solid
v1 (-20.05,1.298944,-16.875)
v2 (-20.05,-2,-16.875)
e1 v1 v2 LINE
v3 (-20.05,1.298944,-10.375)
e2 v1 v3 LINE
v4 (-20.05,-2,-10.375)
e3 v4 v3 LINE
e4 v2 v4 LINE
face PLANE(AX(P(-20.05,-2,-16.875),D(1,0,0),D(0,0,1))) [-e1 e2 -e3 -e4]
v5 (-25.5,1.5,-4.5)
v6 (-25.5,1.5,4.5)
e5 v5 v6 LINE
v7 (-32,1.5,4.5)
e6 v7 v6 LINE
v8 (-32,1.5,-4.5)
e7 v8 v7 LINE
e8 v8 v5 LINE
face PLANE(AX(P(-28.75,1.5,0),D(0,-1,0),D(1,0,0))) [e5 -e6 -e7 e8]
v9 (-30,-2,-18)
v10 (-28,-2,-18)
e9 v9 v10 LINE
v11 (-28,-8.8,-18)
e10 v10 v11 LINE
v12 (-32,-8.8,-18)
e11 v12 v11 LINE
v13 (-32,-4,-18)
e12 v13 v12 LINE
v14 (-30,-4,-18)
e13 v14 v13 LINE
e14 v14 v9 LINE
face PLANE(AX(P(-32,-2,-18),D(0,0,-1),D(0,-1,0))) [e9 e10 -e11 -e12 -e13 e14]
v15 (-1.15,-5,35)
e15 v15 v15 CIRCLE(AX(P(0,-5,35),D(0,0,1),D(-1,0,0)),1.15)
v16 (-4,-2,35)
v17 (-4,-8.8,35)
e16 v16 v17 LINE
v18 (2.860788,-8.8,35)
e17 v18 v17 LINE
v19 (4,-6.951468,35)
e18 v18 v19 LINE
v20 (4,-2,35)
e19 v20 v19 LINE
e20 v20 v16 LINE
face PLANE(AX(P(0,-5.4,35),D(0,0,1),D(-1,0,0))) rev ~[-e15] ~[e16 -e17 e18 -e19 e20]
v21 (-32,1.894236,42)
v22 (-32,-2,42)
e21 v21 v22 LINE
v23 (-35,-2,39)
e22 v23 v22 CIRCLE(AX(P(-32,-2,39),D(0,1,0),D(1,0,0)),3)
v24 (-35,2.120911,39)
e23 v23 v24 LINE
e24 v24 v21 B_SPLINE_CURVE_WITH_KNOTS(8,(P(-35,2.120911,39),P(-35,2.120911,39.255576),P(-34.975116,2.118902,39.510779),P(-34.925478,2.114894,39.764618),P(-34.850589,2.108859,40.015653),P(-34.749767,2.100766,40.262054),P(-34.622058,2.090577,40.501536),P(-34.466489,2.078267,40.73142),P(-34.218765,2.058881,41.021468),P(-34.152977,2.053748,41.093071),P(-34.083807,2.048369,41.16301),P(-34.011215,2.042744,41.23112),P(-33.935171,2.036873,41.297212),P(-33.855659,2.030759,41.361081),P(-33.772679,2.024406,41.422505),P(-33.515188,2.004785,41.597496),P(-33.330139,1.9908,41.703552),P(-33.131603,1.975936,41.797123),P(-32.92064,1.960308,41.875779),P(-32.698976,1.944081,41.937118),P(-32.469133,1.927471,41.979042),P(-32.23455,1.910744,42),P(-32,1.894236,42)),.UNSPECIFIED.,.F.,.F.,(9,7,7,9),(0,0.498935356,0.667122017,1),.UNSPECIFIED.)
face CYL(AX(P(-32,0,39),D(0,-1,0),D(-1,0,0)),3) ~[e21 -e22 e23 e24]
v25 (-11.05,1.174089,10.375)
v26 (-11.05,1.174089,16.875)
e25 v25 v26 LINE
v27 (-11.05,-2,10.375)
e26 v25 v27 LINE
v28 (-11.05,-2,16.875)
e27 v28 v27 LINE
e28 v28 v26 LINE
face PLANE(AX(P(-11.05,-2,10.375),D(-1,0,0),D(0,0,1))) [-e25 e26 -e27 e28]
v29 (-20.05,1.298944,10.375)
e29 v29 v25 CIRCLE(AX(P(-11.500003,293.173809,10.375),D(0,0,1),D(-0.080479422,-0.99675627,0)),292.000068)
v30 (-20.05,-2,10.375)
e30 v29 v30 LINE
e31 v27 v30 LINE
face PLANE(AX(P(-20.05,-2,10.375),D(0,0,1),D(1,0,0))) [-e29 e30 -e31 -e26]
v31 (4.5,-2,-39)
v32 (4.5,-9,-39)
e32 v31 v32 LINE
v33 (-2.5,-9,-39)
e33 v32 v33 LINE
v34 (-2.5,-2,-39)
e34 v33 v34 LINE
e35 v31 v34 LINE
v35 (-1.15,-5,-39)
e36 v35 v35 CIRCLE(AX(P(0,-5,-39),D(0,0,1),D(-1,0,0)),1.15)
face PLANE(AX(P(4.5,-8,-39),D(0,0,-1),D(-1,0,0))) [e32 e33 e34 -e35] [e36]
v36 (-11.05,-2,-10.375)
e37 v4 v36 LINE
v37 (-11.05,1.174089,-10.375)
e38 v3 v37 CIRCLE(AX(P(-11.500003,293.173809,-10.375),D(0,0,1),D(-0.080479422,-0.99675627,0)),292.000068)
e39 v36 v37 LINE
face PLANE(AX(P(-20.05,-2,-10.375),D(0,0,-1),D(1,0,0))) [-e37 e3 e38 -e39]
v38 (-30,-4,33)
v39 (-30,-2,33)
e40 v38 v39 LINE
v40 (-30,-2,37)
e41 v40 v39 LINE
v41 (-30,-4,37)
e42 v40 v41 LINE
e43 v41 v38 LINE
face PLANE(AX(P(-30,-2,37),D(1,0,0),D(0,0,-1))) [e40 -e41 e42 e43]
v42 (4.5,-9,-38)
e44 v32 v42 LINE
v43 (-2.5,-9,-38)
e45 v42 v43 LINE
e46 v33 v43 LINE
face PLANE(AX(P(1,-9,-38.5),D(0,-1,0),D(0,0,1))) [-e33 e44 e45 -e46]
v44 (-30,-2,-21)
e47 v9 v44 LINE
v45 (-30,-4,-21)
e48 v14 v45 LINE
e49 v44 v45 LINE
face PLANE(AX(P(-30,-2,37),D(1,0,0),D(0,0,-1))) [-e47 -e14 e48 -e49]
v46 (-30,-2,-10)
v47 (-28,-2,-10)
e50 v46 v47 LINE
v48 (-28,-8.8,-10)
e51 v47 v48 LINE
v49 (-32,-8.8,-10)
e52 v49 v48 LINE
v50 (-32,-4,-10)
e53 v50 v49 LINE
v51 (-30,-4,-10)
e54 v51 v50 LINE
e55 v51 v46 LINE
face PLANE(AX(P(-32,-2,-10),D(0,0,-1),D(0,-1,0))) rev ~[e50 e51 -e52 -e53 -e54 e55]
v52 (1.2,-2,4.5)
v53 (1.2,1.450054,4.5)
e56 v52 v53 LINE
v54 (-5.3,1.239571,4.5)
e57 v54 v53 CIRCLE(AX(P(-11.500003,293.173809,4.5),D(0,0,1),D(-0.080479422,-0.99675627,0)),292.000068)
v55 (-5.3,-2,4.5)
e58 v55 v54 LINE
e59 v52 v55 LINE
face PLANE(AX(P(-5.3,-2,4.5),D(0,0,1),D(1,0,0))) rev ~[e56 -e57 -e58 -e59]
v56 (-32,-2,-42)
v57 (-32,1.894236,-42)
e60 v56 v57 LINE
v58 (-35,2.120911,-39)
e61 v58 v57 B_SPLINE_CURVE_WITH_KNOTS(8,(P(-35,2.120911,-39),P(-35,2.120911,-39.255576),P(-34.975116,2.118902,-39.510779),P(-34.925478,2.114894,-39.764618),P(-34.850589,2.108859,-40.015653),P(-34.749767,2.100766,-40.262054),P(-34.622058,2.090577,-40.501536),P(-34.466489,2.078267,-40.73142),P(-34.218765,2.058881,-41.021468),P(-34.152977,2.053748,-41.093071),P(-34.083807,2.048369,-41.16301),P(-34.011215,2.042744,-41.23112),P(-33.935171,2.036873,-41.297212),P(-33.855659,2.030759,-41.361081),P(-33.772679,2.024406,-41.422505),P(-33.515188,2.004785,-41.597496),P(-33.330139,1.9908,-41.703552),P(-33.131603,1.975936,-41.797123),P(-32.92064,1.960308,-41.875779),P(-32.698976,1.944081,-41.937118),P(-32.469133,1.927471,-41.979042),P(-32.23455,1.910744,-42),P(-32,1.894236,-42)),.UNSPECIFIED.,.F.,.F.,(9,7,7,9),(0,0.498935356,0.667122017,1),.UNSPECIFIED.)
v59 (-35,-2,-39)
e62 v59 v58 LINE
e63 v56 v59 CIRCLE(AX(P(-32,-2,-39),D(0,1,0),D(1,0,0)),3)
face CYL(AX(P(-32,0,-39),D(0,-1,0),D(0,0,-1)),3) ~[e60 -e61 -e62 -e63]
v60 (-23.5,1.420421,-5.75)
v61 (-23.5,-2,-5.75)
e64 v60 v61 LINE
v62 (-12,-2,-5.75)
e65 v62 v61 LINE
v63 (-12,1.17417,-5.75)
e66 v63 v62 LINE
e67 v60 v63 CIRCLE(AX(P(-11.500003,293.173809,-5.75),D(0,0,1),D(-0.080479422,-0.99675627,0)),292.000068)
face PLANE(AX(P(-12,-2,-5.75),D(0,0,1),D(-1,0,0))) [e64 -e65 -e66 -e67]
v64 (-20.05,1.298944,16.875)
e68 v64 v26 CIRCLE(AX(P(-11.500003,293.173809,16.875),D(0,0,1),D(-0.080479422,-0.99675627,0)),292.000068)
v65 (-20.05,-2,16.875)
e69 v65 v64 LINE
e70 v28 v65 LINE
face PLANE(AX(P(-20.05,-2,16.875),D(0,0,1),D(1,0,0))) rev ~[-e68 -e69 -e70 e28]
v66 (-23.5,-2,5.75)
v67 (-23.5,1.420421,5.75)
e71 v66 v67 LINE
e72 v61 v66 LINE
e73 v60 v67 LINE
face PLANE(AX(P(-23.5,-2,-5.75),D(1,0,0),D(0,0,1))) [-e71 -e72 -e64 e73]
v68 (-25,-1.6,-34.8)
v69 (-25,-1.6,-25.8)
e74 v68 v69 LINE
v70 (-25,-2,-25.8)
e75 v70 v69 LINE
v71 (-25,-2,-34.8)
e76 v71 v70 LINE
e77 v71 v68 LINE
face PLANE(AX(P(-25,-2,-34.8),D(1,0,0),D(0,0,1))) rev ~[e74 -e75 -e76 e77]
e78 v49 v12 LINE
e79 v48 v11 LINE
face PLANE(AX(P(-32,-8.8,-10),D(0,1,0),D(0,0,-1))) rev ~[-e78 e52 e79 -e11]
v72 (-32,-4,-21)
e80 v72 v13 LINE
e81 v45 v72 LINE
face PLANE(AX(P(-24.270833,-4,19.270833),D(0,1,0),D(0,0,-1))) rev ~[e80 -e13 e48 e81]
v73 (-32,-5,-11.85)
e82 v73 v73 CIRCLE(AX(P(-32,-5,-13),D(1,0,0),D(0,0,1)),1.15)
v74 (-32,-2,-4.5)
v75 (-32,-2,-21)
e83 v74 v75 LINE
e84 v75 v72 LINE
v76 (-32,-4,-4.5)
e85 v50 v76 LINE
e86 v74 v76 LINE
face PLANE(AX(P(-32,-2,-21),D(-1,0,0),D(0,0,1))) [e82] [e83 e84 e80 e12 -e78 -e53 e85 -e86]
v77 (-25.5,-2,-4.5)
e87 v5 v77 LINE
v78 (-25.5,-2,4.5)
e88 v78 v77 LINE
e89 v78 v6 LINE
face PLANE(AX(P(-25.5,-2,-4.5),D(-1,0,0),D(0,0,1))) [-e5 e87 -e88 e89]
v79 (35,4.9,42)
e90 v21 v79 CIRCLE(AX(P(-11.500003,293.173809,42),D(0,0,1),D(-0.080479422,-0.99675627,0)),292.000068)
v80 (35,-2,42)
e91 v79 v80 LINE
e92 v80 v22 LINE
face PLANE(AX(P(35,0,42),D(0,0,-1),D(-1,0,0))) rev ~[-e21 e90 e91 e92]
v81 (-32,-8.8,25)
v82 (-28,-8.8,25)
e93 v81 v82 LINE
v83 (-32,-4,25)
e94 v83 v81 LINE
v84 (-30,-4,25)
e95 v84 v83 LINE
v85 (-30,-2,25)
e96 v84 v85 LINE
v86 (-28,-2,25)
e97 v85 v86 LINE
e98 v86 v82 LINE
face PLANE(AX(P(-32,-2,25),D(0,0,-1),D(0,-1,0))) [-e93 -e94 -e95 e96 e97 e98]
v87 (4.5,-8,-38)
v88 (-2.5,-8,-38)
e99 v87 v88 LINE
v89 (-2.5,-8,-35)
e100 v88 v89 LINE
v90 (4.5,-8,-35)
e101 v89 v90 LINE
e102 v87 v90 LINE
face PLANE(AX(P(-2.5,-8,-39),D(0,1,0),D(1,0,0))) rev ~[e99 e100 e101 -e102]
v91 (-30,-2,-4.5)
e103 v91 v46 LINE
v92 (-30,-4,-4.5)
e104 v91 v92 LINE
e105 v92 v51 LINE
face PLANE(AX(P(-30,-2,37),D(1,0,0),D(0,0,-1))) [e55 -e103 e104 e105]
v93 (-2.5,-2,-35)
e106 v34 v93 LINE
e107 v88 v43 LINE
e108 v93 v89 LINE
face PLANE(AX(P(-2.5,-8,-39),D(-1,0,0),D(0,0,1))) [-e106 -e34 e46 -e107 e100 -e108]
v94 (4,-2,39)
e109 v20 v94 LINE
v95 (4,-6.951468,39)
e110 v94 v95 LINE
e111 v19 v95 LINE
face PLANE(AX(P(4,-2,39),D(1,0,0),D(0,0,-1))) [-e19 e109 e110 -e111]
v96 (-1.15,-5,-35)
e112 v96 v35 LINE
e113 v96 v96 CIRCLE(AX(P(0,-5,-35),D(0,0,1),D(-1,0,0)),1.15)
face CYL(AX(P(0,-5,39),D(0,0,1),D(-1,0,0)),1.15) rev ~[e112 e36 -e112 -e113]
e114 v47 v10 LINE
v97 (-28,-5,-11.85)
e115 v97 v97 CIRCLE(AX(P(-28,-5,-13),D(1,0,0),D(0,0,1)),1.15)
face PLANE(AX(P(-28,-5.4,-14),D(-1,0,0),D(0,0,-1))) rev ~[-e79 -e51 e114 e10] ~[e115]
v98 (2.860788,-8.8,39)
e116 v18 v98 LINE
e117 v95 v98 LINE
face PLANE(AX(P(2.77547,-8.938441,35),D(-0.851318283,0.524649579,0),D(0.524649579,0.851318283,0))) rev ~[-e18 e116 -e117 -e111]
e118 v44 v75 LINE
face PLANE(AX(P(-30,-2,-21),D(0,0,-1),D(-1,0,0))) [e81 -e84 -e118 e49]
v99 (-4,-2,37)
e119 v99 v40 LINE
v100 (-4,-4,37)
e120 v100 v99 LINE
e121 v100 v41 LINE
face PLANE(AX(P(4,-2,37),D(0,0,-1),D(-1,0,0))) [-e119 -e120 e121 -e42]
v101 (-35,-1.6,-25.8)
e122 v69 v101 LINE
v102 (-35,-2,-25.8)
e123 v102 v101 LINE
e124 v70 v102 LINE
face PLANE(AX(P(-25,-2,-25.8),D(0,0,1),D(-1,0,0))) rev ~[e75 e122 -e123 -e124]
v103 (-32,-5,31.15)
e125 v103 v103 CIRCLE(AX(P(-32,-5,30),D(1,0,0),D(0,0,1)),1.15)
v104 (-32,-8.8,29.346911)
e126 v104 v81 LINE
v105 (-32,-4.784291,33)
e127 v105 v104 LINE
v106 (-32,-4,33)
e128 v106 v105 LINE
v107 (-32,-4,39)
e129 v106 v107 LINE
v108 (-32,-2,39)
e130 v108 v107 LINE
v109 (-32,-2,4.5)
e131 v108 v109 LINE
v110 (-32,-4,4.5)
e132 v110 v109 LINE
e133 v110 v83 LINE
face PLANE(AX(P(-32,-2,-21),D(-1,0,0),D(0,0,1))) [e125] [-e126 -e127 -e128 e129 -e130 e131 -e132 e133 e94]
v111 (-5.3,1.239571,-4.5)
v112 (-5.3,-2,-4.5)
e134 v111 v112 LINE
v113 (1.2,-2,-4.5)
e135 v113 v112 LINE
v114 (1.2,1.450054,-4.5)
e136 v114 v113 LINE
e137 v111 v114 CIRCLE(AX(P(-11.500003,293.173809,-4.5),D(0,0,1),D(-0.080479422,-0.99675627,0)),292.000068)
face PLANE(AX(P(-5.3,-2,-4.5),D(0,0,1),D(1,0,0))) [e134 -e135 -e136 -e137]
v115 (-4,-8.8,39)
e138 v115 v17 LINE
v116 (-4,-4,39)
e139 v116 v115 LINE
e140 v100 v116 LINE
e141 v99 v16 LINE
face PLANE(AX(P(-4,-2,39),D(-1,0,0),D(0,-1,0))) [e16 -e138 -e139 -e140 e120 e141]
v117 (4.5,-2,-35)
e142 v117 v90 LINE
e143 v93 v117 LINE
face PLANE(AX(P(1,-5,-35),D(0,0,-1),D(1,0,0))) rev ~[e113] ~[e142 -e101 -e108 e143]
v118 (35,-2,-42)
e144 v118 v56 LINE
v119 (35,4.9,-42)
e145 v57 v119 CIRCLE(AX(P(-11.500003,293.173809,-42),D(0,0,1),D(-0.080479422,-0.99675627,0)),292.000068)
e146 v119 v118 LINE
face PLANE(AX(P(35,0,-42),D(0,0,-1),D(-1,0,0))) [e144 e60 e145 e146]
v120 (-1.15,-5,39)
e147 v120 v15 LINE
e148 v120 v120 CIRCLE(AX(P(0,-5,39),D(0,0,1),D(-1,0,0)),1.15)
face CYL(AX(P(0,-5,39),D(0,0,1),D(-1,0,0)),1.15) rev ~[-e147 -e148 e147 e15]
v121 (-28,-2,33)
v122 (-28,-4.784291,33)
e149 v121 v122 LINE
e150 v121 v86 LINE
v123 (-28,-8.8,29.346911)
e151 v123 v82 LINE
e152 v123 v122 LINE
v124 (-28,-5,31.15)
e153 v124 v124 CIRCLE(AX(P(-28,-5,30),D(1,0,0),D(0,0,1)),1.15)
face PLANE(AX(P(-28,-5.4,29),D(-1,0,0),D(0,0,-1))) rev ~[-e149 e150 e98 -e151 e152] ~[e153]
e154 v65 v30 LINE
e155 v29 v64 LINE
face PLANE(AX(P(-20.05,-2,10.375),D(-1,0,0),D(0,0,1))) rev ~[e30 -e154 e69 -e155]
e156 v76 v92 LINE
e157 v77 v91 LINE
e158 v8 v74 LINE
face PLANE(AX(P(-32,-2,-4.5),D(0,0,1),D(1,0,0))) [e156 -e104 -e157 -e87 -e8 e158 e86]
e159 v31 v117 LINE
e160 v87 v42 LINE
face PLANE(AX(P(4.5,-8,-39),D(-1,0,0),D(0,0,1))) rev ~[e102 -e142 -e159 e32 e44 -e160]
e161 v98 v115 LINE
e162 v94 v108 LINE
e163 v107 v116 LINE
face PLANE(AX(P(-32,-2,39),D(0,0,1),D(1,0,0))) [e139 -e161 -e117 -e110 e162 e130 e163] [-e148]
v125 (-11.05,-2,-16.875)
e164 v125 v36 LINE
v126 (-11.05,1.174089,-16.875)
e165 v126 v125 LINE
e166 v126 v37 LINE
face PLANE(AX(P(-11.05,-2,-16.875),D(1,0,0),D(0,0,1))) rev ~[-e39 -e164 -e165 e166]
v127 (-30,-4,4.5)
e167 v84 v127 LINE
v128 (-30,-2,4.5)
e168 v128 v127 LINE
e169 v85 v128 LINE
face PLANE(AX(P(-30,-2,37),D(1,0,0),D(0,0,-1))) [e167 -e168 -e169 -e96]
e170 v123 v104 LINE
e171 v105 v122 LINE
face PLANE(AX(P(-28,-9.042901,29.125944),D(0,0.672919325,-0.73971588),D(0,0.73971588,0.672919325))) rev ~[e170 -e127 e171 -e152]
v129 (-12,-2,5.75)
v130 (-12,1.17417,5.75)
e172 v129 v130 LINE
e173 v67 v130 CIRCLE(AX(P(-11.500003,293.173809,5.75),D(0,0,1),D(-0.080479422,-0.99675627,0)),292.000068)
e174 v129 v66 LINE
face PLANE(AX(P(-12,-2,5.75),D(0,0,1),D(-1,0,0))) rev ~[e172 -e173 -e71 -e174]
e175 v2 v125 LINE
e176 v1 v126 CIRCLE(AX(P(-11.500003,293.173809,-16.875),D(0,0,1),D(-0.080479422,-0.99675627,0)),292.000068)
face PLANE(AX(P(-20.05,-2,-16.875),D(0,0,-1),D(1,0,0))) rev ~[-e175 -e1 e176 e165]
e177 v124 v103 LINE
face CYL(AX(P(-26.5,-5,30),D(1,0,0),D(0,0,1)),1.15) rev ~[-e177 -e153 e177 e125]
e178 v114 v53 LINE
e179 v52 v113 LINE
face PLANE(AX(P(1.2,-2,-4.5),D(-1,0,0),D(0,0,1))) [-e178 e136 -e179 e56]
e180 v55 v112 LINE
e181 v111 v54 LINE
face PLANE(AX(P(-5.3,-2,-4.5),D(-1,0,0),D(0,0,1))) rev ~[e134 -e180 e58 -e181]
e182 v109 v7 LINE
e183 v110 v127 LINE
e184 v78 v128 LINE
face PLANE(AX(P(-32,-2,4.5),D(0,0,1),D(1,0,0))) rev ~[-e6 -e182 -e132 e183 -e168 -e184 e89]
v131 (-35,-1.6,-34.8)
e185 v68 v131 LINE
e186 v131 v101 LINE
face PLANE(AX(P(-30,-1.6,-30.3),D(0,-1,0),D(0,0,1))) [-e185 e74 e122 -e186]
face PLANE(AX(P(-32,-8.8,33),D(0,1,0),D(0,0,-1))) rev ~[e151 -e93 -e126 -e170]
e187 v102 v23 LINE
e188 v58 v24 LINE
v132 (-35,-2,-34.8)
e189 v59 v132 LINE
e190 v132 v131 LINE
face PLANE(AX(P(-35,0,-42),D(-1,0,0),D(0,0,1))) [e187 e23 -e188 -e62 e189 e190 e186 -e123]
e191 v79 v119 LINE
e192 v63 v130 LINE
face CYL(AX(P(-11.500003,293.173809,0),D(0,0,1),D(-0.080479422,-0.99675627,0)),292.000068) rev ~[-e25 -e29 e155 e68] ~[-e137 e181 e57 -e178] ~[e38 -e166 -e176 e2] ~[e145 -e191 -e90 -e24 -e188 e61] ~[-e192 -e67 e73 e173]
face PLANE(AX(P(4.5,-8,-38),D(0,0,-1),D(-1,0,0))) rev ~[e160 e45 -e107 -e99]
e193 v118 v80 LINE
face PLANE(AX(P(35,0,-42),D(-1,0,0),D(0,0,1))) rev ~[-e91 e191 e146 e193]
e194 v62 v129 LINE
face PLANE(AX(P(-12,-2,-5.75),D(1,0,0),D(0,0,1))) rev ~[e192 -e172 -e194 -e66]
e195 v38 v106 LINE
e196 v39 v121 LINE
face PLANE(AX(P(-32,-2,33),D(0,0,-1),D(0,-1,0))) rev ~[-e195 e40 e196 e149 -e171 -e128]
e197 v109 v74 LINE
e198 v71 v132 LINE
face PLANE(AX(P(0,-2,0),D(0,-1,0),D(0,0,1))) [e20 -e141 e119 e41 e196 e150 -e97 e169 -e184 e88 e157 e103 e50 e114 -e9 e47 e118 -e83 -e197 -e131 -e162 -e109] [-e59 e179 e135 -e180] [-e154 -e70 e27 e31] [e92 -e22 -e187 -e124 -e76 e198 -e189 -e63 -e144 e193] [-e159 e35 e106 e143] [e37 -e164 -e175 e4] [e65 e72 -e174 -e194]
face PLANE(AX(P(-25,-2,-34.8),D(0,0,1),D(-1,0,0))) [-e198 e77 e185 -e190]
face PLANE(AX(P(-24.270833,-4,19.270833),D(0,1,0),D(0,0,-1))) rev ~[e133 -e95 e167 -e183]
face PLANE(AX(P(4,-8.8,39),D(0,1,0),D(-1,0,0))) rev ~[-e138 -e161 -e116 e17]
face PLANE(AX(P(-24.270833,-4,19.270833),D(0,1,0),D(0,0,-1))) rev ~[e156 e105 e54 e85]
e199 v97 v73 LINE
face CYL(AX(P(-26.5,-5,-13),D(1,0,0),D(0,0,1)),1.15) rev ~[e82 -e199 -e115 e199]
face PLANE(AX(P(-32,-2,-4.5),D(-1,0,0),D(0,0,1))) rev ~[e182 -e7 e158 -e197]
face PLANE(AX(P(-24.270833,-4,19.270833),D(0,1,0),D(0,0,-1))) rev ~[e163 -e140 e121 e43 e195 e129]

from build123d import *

# Parameters (mm, degrees)
SKETCH009_W             = 84
SKETCH009_H             = 70
PAD002_DEPTH            = 2
SKETCH010_W             = 2
SKETCH010_H             = 7
PAD003_DEPTH            = 2
SKETCH012_W             = 8
SKETCH012_H             = 6.8
PAD004_DEPTH            = 4
SKETCH013_W             = 7
SKETCH013_H             = 6
PAD005_DEPTH            = 4
SKETCH011_W             = 8
SKETCH011_H             = 6.8
PAD006_DEPTH            = 4
SKETCH014_R             = 1.15
POCKET002_DEPTH         = 81.001
SKETCH016_R             = 1.15
POCKET003_DEPTH         = 8.501
SKETCH018_W             = 11.5
SKETCH018_H             = 11.5
POCKET004_DEPTH         = 5
POCKET005_DEPTH         = 5
POCKET006_DEPTH         = 5
SKETCH021_W             = 1
SKETCH021_H             = 7
PAD007_DEPTH            = 1
SKETCH022_W             = 9
SKETCH022_H             = 10
POCKET007_DEPTH         = 0.4
FILLET_R                = 3
BODY002_PITCH_ANGLE     = -90
BODY002_PLACEMENT_ANGLE = 90
PAD001_DEPTH            = 42
SKETCH007_W             = 11.5
SKETCH007_H             = 11.5
POCKET001_DEPTH         = 13
FILLET001_R             = 3
SKETCH025_W             = 6.5
SKETCH025_H             = 9
SKETCH025_W_2           = 9
SKETCH025_H_2           = 6.5
POCKET008_DEPTH         = 3.5


with BuildPart() as back:
    # Sketch009 → Pad002 (new body)
    with BuildSketch(Plane.XY):
        Rectangle(SKETCH009_W, SKETCH009_H)
    extrude(amount=PAD002_DEPTH)

    # Sketch010 (on Face6 of Pad002) → Pad003 (join)
    with BuildSketch(Plane.XY.offset(2)):
        with Locations((-38, -1)):
            Rectangle(SKETCH010_W, SKETCH010_H)
        Polygon((-21, 32), (39, 32), (39, -4), (37, -4), (37, 30), (-21, 30), align=None)
    extrude(amount=PAD003_DEPTH)

    # Sketch012 (on Face15 of Pad003) → Pad004 (join)
    with BuildSketch(Plane.YZ.offset(39)):
        with Locations((0, 5.4)):
            Rectangle(SKETCH012_W, SKETCH012_H)
    extrude(amount=-PAD004_DEPTH)

    # Sketch013 (on Face9 of Pad004) → Pad005 (join)
    with BuildSketch(Plane(origin=(-39, 0, 0), x_dir=(0, -1, 0), z_dir=(-1, 0, 0))):
        with Locations((1, 5)):
            Rectangle(SKETCH013_W, SKETCH013_H)
    extrude(amount=-PAD005_DEPTH)

    # Sketch011 (on Face16 of Pad003) → Pad006 (join)
    with BuildSketch(Plane(origin=(0, 32, 0), x_dir=(-1, 0, 0), z_dir=(0, 1, 0))):
        with Locations((-29, 5.4)):
            Rectangle(SKETCH011_W, SKETCH011_H)
        with Locations((14, 5.4)):
            Rectangle(SKETCH011_W, SKETCH011_H)
    extrude(amount=-PAD006_DEPTH)

    # Sketch014 (on Face44 of Pad006) → Pocket002 (cut, through all)
    with BuildSketch(Plane.YZ.offset(39)):
        with Locations((0, 5)):
            Circle(SKETCH014_R)
    extrude(amount=-POCKET002_DEPTH, mode=Mode.SUBTRACT)

    # Sketch016 → Pocket003 (cut, through all)
    with BuildSketch(Plane.XZ.offset(-26.5)):
        with Locations((-13, 5)):
            Circle(SKETCH016_R)
        with Locations((30, 5)):
            Circle(SKETCH016_R)
    extrude(amount=-POCKET003_DEPTH, mode=Mode.SUBTRACT)

    # Sketch018 (on Face5 of Pocket003) → Pocket004 (cut)
    with BuildSketch(Plane.XY.offset(2)):
        with Locations((0, 17.75)):
            Rectangle(SKETCH018_W, SKETCH018_H)
    extrude(amount=-POCKET004_DEPTH, mode=Mode.SUBTRACT)

    # Sketch019 (on Face31 of Pocket004) → Pocket005 (cut)
    with BuildSketch(Plane.XZ.offset(-28)):
        Polygon((29.125944, 9.042901), (33.258869, 4.499726), (33.258869, 9.042901), align=None)
    extrude(amount=-POCKET005_DEPTH, mode=Mode.SUBTRACT)

    # Sketch020 (on Face36 of Pocket005) → Pocket006 (cut)
    with BuildSketch(Plane(origin=(35, 0, 0), x_dir=(0, -1, 0), z_dir=(-1, 0, 0))):
        Polygon((2.77547, 8.938441), (6.386171, 3.079567), (6.386171, 8.938441), align=None)
    extrude(amount=-POCKET006_DEPTH, mode=Mode.SUBTRACT)

    # Sketch021 (on Face40 of Pocket006) → Pad007 (join)
    with BuildSketch(Plane.XY.offset(8)):
        with Locations((-38.5, -1)):
            Rectangle(SKETCH021_W, SKETCH021_H)
    extrude(amount=PAD007_DEPTH)

    # Sketch022 (on Face5 of Pocket005) → Pocket007 (cut)
    with BuildSketch(Plane.XY.offset(2)):
        with Locations((-30.3, 30)):
            Rectangle(SKETCH022_W, SKETCH022_H)
    extrude(amount=-POCKET007_DEPTH, mode=Mode.SUBTRACT)

    # Fillet
    fillet_edges = [back.edges().sort_by_distance(p)[0] for p in [
        (42, 35, 1),
        (-42, 35, 1),
    ]]
    fillet(fillet_edges, radius=FILLET_R)


with BuildPart() as back_1:
    # Body002 pitch: moved
    add(back.part.rotate(Axis((0, 0, 0), (0, 1, 0)), BODY002_PITCH_ANGLE))


with BuildPart() as back_2:
    # Body002 placement: moved
    add(back_1.part.rotate(Axis((0, 0, 0), (0, 0, 1)), BODY002_PLACEMENT_ANGLE))


with BuildPart() as curve:
    # Sketch006 → Pad001 (new body, symmetric)
    with BuildSketch(Plane.XY):
        with BuildLine():
            ThreePointArc((-35, 2.120911), (0.083645, 1.403594), (35, 4.9))
            Line((35, -0.1), (35, 4.9))
            Line((-35, -0.1), (35, -0.1))
            Line((-35, 2.120911), (-35, -0.1))
        make_face()
    extrude(amount=PAD001_DEPTH, both=True)

    # Sketch007 (on Face3 of Pad001) → Pocket001 (cut)
    with BuildSketch(Plane.XZ.offset(0.1)):
        with Locations((-17.75, 0)):
            Rectangle(SKETCH007_W, SKETCH007_H)
    extrude(amount=-POCKET001_DEPTH, mode=Mode.SUBTRACT)

    # Fillet001
    fillet001_edges = [curve.edges().sort_by_distance(p)[0] for p in [
        (-35, 1.010456, -42),
        (-35, 1.010456, 42),
    ]]
    fillet(fillet001_edges, radius=FILLET001_R)

    # Boolean: union Back
    add(back_2.part)

    # Sketch025 (on Face32 of Boolean) → Pocket008 (cut, symmetric)
    with BuildSketch(Plane.XZ.offset(2)):
        with Locations((-28.75, 0)):
            Rectangle(SKETCH025_W, SKETCH025_H)
        with Locations((-15.55, 13.625)):
            Rectangle(SKETCH025_W_2, SKETCH025_H_2)
        with Locations((-2.05, 0)):
            Rectangle(SKETCH025_W, SKETCH025_H)
        with Locations((-15.55, -13.625)):
            Rectangle(SKETCH025_W_2, SKETCH025_H_2)
    extrude(amount=POCKET008_DEPTH, both=True, mode=Mode.SUBTRACT)


solid = curve.part
